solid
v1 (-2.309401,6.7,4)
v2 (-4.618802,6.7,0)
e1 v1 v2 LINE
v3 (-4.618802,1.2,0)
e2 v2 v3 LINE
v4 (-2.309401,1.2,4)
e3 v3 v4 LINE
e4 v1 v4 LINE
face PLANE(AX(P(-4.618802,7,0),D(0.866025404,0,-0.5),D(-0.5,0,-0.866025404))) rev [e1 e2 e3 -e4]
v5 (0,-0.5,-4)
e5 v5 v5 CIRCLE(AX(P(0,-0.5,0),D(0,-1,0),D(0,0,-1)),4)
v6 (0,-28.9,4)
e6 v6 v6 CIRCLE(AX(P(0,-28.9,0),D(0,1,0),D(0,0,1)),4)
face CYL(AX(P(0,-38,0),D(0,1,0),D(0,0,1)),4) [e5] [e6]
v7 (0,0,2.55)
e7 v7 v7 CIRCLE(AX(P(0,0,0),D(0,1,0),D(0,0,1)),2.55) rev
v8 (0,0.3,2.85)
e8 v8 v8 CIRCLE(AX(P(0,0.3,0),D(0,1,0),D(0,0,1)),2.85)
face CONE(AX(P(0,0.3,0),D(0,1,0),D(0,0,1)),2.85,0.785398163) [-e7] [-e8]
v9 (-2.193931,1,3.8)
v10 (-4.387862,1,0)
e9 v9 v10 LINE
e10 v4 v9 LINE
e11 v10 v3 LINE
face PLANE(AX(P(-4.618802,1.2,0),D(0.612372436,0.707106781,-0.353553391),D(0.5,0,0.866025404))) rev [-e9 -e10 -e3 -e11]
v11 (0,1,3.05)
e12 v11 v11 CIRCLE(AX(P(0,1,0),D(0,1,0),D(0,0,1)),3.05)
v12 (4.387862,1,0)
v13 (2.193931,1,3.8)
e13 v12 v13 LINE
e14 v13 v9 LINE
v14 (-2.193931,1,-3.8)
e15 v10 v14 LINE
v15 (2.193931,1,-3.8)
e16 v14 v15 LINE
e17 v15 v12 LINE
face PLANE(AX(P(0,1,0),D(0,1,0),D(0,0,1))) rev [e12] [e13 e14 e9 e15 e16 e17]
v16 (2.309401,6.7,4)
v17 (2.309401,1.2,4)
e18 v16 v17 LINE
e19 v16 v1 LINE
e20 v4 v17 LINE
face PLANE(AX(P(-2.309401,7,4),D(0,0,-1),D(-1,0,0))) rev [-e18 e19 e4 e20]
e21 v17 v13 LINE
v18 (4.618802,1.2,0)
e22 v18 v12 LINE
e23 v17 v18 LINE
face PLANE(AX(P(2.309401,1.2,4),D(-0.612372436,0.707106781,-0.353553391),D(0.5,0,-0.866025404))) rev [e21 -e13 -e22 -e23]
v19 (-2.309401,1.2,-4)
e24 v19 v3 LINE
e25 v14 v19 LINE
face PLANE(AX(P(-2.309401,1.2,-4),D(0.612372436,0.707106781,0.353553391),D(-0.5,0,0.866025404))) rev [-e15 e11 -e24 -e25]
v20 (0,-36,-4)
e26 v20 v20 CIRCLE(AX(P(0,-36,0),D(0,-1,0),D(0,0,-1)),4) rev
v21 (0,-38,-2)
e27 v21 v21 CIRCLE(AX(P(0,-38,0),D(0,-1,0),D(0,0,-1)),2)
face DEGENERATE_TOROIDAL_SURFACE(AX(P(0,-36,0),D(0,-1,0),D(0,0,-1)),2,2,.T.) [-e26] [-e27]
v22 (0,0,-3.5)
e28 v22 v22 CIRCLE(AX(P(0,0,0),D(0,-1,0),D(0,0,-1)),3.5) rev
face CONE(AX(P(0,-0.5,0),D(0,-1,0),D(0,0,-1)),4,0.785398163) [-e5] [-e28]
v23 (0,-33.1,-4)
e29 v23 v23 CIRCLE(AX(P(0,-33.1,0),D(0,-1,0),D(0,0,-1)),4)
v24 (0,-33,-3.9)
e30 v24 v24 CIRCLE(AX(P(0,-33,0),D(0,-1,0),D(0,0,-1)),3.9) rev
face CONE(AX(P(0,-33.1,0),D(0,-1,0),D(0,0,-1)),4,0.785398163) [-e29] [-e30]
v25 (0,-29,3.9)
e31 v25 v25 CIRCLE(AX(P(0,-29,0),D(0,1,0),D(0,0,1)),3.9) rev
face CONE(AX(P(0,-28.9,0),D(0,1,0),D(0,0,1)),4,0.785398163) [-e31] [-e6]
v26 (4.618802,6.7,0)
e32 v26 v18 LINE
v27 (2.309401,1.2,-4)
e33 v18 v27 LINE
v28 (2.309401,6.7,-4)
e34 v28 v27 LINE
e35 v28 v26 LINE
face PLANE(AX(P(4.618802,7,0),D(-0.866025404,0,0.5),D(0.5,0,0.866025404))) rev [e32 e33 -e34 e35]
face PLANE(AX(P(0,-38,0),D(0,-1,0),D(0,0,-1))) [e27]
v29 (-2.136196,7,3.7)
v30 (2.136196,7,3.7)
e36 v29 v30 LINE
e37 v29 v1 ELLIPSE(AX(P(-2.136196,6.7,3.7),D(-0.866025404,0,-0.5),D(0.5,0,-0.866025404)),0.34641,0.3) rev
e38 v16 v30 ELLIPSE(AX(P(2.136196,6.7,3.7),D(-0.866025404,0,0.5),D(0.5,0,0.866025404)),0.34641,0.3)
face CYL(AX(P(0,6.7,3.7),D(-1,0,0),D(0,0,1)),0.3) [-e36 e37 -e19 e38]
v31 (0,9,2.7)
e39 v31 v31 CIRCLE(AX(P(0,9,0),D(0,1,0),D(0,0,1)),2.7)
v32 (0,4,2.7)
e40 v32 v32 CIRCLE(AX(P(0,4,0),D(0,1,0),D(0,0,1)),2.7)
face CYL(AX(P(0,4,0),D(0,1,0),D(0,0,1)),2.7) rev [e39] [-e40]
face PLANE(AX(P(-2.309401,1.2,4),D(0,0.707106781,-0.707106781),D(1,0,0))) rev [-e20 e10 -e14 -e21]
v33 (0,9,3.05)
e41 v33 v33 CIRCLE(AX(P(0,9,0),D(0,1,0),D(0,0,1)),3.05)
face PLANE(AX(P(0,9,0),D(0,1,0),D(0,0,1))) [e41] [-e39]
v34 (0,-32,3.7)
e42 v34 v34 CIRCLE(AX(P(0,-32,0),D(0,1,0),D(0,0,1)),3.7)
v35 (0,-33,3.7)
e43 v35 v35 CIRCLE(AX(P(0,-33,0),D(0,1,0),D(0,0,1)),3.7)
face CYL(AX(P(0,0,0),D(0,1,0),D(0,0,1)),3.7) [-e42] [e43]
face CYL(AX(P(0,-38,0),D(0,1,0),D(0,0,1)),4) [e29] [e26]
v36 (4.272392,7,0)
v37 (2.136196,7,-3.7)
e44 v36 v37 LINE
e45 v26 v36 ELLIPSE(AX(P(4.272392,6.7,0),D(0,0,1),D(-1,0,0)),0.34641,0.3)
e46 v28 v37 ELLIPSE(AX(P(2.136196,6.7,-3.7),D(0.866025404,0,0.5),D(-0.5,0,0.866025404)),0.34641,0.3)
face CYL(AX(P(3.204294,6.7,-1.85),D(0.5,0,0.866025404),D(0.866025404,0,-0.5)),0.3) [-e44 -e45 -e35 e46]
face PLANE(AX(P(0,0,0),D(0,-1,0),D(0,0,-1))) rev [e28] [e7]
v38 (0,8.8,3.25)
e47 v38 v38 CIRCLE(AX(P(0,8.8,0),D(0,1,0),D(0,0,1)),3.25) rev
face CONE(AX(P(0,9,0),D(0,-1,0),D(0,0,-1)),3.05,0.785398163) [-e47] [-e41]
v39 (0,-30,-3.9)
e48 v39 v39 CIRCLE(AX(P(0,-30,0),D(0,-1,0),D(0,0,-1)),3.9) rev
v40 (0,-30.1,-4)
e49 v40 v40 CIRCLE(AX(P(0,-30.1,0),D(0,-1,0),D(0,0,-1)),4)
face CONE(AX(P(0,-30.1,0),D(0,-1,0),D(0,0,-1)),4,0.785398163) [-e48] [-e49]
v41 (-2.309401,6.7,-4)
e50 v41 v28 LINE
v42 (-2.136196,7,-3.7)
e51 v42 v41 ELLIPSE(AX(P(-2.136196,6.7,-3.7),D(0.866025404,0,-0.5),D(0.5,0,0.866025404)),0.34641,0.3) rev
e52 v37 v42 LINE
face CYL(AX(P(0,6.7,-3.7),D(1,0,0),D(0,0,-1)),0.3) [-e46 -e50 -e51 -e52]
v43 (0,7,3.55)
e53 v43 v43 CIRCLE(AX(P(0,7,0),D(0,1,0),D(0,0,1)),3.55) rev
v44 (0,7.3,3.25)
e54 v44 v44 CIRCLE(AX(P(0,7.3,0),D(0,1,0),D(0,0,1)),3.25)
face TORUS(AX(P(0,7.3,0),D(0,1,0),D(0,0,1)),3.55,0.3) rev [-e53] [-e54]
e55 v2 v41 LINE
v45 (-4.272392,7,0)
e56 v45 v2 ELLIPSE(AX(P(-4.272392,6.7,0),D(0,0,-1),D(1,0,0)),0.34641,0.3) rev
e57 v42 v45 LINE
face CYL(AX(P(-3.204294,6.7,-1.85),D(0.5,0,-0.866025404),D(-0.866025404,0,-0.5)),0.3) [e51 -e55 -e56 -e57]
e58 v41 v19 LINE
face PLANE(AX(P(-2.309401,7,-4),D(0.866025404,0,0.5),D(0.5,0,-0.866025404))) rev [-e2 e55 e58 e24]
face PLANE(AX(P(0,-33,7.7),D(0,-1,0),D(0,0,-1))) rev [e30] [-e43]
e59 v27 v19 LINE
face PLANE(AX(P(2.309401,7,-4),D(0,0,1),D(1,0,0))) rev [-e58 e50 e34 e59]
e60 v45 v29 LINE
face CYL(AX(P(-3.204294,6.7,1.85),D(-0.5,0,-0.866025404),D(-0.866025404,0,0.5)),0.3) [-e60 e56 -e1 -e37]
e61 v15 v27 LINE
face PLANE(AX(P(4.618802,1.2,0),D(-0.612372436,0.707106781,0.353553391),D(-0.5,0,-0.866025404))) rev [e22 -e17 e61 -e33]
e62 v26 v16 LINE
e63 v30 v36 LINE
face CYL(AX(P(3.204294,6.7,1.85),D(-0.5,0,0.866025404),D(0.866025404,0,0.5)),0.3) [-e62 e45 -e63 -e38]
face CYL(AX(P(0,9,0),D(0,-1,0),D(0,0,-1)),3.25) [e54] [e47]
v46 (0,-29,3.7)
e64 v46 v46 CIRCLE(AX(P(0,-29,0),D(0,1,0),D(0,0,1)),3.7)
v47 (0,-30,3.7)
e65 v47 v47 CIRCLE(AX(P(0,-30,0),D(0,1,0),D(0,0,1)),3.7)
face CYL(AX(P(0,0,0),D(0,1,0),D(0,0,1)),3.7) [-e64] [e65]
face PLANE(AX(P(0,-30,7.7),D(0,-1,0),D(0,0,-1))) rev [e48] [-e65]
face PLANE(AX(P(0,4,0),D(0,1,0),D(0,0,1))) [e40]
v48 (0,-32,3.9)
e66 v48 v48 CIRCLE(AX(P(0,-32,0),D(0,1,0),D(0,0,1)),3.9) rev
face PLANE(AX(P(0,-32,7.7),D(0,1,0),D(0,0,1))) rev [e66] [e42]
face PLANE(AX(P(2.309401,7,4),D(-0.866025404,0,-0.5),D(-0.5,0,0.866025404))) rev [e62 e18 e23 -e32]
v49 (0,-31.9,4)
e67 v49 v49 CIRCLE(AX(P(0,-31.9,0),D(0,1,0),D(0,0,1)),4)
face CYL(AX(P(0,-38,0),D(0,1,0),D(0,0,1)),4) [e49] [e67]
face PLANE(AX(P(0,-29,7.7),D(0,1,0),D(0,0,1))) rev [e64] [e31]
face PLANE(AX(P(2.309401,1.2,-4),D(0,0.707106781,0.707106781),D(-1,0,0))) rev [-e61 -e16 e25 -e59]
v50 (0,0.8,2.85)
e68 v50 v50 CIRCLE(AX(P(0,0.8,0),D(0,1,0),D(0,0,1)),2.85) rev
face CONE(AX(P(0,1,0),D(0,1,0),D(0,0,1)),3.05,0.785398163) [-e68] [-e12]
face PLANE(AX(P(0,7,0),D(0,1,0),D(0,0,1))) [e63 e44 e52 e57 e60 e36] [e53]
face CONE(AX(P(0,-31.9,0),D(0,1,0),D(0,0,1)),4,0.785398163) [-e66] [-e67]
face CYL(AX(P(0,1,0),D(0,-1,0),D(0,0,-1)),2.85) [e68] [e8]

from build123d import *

# Parameters (mm, degrees)
SKETCH_1_R          = 2.85
EXTRUDE_1_DEPTH     = 1
EXTRUDE_2_DEPTH     = 6
SKETCH_3_R          = 3.25
EXTRUDE_3_DEPTH     = 2
CHAMFER_3_SIZE      = 0.2
FILLET_2_R          = 0.3
CHAMFER_4_SIZE      = 0.2
CHAMFER_5_SIZE      = 0.3
SKETCH_5_R          = 2.7
CUT_EXTRUDE_1_DEPTH = 5
SKETCH_6_R          = 4
EXTRUDE_4_DEPTH     = 38
FILLET_3_R          = 2
CHAMFER_6_SIZE      = 0.5
SKETCH_7_W          = 4
SKETCH_7_H          = 1
CHAMFER_7_SIZE      = 0.1


with BuildPart() as part:
    # 草图1 → 凸台-拉伸1 (new body)
    with BuildSketch(Plane(origin=(0, 0, 0), x_dir=(1, 0, 0), z_dir=(0, 1, 0))):
        with Locations(Location((0, 0, 0), (0, 0, 270))):
            Circle(SKETCH_1_R)
    extrude(amount=EXTRUDE_1_DEPTH)

    # 草图2 → 凸台-拉伸2 (add)
    with BuildSketch(Plane(origin=(0, 1, 0), x_dir=(1, 0, 0), z_dir=(0, 1, 0))):
        Polygon((4.618802154, 0), (2.309401077, 4), (-2.309401077, 4), (-4.618802154, 0), (-2.309401077, -4), (2.309401077, -4), align=None)
    extrude(amount=EXTRUDE_2_DEPTH)

    # 草图3 → 凸台-拉伸3 (add)
    with BuildSketch(Plane(origin=(0, 7, 0), x_dir=(1, 0, 0), z_dir=(0, 1, 0))):
        with Locations(Location((0, 0, 0), (0, 0, 270))):
            Circle(SKETCH_3_R)
    extrude(amount=EXTRUDE_3_DEPTH)

    # 倒角3
    chamfer_3_edges = [part.edges().sort_by_distance(p)[0] for p in [
        (0, 1, -2.85),
        (3.464101615, 1, 2),
        (3.464101615, 1, -2),
        (0, 1, -4),
        (-3.464101615, 1, -2),
        (-3.464101615, 1, 2),
        (0, 1, 4),
    ]]
    chamfer(chamfer_3_edges, length=CHAMFER_3_SIZE)

    # 圆角2
    fillet_2_edges = [part.edges().sort_by_distance(p)[0] for p in [
        (0, 7, -3.25),
        (3.464101615, 7, 2),
        (3.464101615, 7, -2),
        (0, 7, -4),
        (-3.464101615, 7, -2),
        (-3.464101615, 7, 2),
        (0, 7, 4),
    ]]
    fillet(fillet_2_edges, radius=FILLET_2_R)

    # 倒角4
    chamfer_4_edges = [part.edges().sort_by_distance(p)[0] for p in [
        (0, 9, -3.25),
    ]]
    chamfer(chamfer_4_edges, length=CHAMFER_4_SIZE)

    # 倒角5
    chamfer_5_edges = [part.edges().sort_by_distance(p)[0] for p in [
        (0, 0, -2.85),
    ]]
    chamfer(chamfer_5_edges, length=CHAMFER_5_SIZE)

    # 草图5 → 切除-拉伸1 (cut)
    with BuildSketch(Plane(origin=(0, 9, 0), x_dir=(1, 0, 0), z_dir=(0, 1, 0))):
        with Locations(Location((0, 0, 0), (0, 0, 270))):
            Circle(SKETCH_5_R)
    extrude(amount=-CUT_EXTRUDE_1_DEPTH, mode=Mode.SUBTRACT)

    # 草图6 → 凸台-拉伸4 (add)
    with BuildSketch(Plane.XZ):
        with Locations(Location((0, 0, 0), (0, 0, 270))):
            Circle(SKETCH_6_R)
    extrude(amount=EXTRUDE_4_DEPTH)

    # 圆角3
    fillet_3_edges = [part.edges().sort_by_distance(p)[0] for p in [
        (0, -38, 4),
    ]]
    fillet(fillet_3_edges, radius=FILLET_3_R)

    # 倒角6
    chamfer_6_edges = [part.edges().sort_by_distance(p)[0] for p in [
        (0, 0, 4),
    ]]
    chamfer(chamfer_6_edges, length=CHAMFER_6_SIZE)

    # 草图7 → 切除-旋转1 (revolve, cut)
    with BuildSketch(Plane(origin=(0, 0, 0), x_dir=(0, 0, -1), z_dir=(1, 0, 0))):
        with Locations((-5.7, -32.5)):
            Rectangle(SKETCH_7_W, SKETCH_7_H)
        with Locations((-5.7, -29.5)):
            Rectangle(SKETCH_7_W, SKETCH_7_H)
    revolve(axis=Axis((0, 0, 0), (0, -1, 0)), mode=Mode.SUBTRACT)

    # 倒角7
    chamfer_7_edges = [part.edges().sort_by_distance(p)[0] for p in [
        (0, -33, 4),
        (0, -32, 4),
        (0, -30, 4),
        (0, -29, 4),
    ]]
    chamfer(chamfer_7_edges, length=CHAMFER_7_SIZE)


solid = part.part
